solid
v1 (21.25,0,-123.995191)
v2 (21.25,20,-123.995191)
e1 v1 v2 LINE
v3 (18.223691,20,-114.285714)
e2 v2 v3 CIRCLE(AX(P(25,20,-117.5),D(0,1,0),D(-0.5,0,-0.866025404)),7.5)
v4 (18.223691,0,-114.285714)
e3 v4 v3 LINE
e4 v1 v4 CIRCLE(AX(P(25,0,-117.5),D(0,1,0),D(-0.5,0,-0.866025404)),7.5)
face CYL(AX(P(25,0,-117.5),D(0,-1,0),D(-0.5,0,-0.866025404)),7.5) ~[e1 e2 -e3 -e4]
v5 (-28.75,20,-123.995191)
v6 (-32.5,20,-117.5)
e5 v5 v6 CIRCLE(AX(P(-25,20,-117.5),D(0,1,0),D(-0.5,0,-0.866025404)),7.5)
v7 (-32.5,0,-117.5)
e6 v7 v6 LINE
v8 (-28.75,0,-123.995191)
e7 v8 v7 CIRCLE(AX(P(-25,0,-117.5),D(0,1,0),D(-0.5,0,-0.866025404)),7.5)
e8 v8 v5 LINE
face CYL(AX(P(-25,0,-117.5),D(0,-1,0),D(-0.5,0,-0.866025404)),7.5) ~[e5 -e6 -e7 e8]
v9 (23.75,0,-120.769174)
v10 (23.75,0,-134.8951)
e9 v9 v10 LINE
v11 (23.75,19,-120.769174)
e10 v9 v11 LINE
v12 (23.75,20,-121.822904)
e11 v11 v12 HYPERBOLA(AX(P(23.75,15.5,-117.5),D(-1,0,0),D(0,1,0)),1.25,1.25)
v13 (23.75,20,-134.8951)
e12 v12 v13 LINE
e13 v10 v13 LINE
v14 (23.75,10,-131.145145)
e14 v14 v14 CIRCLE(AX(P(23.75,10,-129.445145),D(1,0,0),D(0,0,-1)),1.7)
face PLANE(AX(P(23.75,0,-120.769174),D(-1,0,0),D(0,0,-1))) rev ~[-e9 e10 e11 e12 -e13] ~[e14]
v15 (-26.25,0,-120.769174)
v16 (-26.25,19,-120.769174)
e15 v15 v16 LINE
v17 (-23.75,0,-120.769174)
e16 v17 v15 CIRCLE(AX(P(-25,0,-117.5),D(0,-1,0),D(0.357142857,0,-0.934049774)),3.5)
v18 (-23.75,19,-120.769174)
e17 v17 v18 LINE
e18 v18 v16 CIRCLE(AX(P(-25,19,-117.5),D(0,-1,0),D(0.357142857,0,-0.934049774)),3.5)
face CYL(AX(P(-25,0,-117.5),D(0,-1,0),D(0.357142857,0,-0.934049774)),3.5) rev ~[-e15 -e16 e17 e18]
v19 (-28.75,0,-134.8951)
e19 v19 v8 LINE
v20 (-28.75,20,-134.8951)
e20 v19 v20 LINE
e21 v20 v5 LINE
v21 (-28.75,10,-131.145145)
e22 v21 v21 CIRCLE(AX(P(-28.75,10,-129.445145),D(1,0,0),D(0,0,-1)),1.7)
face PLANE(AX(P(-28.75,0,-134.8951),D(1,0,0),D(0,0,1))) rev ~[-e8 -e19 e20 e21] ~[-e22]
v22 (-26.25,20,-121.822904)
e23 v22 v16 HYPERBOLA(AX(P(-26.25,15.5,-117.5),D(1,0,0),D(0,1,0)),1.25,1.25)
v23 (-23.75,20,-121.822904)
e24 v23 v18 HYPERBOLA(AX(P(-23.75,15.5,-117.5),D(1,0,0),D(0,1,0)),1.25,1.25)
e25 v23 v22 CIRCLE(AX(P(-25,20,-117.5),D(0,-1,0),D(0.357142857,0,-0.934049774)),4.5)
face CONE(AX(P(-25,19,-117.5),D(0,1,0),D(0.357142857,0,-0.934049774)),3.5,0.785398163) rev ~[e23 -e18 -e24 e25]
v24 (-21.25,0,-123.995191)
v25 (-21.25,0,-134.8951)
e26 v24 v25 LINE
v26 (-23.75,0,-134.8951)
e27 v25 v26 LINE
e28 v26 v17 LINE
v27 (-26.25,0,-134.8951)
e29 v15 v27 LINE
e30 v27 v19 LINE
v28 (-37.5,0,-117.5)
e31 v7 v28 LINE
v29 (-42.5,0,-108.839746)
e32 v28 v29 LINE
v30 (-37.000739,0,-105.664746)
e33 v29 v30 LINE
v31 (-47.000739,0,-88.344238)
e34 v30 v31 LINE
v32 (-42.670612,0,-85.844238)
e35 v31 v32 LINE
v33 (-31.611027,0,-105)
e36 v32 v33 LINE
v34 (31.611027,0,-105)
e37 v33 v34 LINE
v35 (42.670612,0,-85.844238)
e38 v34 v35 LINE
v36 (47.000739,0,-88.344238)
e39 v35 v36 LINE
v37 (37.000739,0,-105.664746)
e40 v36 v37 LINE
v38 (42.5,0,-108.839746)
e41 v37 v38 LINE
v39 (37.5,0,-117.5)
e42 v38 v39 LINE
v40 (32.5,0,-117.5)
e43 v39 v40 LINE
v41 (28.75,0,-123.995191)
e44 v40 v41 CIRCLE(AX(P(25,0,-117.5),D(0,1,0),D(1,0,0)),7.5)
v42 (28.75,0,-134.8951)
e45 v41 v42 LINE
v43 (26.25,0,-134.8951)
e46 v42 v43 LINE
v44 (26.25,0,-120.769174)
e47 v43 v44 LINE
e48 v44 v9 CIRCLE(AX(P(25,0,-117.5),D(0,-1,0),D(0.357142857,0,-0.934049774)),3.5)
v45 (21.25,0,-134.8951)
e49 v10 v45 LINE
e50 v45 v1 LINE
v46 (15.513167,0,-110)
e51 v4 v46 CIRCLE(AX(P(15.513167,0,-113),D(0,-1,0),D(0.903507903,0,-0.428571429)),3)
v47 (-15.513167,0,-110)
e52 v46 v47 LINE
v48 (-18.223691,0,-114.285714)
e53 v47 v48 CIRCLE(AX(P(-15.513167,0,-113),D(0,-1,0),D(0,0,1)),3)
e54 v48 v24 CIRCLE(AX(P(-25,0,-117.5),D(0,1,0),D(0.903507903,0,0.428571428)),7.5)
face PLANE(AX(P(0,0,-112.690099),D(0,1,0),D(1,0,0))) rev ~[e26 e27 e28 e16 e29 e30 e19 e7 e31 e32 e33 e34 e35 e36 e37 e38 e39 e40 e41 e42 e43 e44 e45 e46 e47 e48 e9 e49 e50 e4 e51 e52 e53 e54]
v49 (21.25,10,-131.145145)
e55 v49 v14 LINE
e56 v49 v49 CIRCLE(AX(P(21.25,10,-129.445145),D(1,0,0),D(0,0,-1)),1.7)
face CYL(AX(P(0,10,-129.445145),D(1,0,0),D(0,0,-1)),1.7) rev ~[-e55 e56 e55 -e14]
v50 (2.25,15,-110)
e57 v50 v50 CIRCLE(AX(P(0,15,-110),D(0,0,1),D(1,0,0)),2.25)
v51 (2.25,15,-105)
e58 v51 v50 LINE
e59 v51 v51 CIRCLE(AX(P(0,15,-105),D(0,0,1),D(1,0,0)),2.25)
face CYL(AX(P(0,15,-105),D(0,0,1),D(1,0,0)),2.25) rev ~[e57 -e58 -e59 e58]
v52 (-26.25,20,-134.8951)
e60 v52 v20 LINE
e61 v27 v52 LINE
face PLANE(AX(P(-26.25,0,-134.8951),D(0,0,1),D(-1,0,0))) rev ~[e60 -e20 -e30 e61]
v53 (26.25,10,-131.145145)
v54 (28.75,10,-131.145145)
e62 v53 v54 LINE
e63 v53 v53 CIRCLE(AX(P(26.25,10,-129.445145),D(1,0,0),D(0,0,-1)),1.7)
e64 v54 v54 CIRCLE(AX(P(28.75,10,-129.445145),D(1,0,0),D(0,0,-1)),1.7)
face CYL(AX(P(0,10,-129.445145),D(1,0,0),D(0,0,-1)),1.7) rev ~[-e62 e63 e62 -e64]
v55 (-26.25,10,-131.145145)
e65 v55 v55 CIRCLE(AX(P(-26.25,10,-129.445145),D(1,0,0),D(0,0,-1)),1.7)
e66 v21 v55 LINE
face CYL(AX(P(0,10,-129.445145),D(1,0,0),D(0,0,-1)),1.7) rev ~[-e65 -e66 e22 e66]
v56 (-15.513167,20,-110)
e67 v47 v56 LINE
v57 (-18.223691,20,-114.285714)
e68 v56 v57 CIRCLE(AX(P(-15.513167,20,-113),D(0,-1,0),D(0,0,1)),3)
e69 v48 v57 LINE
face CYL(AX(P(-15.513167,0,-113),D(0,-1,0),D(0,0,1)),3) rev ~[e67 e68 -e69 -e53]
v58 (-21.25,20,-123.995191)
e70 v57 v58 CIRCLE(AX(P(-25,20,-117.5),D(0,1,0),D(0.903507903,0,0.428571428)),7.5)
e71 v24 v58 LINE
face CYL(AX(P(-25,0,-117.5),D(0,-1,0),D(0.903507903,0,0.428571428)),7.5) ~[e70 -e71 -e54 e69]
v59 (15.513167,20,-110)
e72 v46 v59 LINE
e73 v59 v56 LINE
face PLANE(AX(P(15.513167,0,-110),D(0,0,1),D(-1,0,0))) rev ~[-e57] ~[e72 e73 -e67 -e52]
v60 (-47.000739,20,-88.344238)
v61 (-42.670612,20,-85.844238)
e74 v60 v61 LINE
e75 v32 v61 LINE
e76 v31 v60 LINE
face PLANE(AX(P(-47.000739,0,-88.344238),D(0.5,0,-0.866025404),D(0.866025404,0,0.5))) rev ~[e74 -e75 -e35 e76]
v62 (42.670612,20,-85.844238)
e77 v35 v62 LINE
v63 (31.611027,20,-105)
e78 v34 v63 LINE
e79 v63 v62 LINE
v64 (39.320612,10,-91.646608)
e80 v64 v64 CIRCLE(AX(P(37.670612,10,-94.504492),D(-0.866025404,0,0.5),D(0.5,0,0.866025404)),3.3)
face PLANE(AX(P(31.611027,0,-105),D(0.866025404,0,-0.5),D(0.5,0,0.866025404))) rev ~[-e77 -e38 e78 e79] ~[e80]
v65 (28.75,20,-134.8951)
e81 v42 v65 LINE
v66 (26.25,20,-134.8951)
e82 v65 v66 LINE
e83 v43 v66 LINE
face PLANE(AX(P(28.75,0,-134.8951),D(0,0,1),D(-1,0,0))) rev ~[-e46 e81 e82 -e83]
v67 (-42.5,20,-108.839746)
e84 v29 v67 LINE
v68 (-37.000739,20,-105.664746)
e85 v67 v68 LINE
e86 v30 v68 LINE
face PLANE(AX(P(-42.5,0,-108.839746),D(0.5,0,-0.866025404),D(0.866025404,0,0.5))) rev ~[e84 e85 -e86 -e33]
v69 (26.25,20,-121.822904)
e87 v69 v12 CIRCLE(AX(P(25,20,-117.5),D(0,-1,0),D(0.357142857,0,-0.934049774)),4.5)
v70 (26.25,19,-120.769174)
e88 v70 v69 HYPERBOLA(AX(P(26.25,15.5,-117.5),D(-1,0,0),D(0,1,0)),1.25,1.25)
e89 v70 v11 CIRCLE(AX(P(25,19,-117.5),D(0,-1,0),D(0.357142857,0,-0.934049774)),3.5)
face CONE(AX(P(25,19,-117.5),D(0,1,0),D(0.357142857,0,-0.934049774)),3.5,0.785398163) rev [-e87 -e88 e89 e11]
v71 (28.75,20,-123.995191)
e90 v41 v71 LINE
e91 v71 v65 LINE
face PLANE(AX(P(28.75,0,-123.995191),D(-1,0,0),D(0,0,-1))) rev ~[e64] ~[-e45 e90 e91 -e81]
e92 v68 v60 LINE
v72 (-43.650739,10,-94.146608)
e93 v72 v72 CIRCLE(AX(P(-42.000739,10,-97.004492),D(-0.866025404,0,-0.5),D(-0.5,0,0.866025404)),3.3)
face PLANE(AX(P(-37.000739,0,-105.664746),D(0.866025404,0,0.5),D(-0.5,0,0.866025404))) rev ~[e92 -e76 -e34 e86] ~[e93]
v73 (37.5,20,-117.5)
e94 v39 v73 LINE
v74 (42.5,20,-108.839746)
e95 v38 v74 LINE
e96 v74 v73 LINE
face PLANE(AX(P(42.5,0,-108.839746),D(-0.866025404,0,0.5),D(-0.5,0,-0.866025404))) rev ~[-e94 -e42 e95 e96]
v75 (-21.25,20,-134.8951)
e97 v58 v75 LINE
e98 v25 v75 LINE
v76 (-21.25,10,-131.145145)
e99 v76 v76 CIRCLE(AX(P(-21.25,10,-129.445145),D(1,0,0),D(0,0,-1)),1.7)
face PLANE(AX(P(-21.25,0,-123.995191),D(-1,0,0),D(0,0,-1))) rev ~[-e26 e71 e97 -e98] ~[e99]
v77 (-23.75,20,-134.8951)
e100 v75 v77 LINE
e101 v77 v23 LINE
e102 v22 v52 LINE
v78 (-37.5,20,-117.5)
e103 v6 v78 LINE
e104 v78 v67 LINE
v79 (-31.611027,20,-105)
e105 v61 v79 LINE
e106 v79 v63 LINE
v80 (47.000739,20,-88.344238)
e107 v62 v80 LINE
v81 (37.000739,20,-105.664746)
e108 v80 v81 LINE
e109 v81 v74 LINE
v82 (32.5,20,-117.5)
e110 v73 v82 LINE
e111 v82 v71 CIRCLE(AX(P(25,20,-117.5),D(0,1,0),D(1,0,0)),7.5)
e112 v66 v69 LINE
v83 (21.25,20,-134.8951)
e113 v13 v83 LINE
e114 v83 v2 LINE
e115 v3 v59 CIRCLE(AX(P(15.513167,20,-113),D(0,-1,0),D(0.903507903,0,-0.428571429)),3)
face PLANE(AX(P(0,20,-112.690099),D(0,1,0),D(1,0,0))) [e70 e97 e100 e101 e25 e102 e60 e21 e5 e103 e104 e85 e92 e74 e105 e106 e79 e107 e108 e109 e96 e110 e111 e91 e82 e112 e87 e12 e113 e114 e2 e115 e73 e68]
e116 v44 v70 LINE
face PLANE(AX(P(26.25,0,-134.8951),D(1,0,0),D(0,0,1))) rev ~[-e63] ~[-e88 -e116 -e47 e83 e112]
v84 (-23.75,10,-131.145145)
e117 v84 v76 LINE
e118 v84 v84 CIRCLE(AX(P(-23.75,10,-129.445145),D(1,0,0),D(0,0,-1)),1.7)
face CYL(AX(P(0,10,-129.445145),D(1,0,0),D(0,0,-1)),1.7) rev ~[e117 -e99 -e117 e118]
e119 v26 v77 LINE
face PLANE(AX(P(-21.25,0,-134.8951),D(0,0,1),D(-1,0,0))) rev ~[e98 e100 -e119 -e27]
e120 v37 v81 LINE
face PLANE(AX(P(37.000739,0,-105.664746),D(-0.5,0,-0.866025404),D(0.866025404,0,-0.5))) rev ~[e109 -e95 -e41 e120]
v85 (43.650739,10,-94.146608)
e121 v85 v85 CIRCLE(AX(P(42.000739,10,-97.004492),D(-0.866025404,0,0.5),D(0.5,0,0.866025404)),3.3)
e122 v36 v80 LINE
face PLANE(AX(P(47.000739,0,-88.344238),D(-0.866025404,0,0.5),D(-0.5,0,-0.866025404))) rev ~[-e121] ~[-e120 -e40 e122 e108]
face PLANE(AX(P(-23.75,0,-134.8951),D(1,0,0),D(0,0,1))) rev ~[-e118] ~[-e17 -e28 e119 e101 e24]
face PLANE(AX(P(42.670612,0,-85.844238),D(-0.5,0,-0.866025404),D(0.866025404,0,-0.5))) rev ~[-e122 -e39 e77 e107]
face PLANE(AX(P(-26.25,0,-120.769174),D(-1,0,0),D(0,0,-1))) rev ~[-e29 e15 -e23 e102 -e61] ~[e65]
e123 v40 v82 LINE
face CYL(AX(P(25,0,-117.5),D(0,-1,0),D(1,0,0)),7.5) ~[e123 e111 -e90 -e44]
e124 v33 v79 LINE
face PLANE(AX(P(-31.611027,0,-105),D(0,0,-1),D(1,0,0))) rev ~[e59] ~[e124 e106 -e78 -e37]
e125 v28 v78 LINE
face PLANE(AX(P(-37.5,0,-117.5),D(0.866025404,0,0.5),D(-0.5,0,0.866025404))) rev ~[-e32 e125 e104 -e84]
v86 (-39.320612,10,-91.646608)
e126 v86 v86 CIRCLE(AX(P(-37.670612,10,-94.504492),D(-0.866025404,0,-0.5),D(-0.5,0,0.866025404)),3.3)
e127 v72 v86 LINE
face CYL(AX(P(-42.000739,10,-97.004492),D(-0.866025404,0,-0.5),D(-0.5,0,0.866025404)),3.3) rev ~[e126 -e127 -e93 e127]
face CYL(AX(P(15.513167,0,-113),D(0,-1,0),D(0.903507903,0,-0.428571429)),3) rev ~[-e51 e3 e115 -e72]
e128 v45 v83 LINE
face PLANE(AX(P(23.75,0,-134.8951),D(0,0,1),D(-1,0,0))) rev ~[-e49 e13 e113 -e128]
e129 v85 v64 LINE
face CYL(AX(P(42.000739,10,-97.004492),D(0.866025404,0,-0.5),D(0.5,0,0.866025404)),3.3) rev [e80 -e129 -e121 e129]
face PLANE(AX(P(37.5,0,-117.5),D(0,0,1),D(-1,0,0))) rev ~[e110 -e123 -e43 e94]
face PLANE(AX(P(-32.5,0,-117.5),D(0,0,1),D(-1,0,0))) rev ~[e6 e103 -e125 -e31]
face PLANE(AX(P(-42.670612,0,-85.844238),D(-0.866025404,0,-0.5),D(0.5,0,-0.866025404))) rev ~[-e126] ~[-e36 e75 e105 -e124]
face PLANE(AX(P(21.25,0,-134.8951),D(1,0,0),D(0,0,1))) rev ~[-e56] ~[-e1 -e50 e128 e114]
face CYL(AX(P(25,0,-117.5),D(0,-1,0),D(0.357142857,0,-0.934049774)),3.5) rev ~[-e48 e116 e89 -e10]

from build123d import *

# Parameters (mm, degrees)
BOSS_EXTRUDE1_DEPTH = 20
SKETCH2_R           = 1.7
CUT_EXTRUDE1_DEPTH  = 28.75
CUT_EXTRUDE2_REACH  = 61.184
SKETCH4_R           = 2.25
CHAMFER1_SIZE       = 1
CUT_EXTRUDE3_REACH  = 155.199
SKETCH5_R           = 3.3


with BuildPart() as part:
    # Sketch1 → Boss-Extrude1 (new body)
    with BuildSketch(Plane(origin=(0, 0, 0), x_dir=(1, 0, 0), z_dir=(0, 1, 0))):
        with BuildLine():
            Line((23.75, 120.769174208), (23.75, 134.895099729))
            Line((23.75, 134.895099729), (21.25, 134.895099729))
            Line((21.25, 134.895099729), (21.25, 123.995190528))
            ThreePointArc((21.25, 123.995190528), (17.839743095, 119.73175291), (18.223690728, 114.285714286))
            ThreePointArc((18.223690728, 114.285714286), (18.048629784, 111.396432549), (15.513167019, 110))
            Line((15.513167019, 110), (-15.513167019, 110))
            ThreePointArc((-15.513167019, 110), (-18.048629784, 111.396432549), (-18.223690728, 114.285714286))
            ThreePointArc((-18.223690728, 114.285714286), (-17.839743095, 119.73175291), (-21.25, 123.995190528))
            Line((-21.25, 123.995190528), (-21.25, 134.895099729))
            Line((-21.25, 134.895099729), (-23.75, 134.895099729))
            Line((-23.75, 134.895099729), (-23.75, 120.769174208))
            ThreePointArc((-23.75, 120.769174208), (-25, 114), (-26.25, 120.769174208))
            Line((-26.25, 120.769174208), (-26.25, 134.895099729))
            Line((-26.25, 134.895099729), (-28.75, 134.895099729))
            Line((-28.75, 134.895099729), (-28.75, 123.995190528))
            ThreePointArc((-28.75, 123.995190528), (-31.495190528, 121.25), (-32.5, 117.5))
            Line((-32.5, 117.5), (-37.5, 117.5))
            Line((-37.5, 117.5), (-42.5, 108.839745962))
            Line((-42.5, 108.839745962), (-37.000738686, 105.664745962))
            Line((-37.000738686, 105.664745962), (-47.000738686, 88.344237886))
            Line((-47.000738686, 88.344237886), (-42.670611667, 85.844237886))
            Line((-42.670611667, 85.844237886), (-31.611027254, 105))
            Line((-31.611027254, 105), (31.611027254, 105))
            Line((31.611027254, 105), (42.670611667, 85.844237886))
            Line((42.670611667, 85.844237886), (47.000738686, 88.344237886))
            Line((47.000738686, 88.344237886), (37.000738686, 105.664745962))
            Line((37.000738686, 105.664745962), (42.5, 108.839745962))
            Line((42.5, 108.839745962), (37.5, 117.5))
            Line((37.5, 117.5), (32.5, 117.5))
            ThreePointArc((32.5, 117.5), (31.495190528, 121.25), (28.75, 123.995190528))
            Line((28.75, 123.995190528), (28.75, 134.895099729))
            Line((28.75, 134.895099729), (26.25, 134.895099729))
            Line((26.25, 134.895099729), (26.25, 120.769174208))
            ThreePointArc((26.25, 120.769174208), (25, 114), (23.75, 120.769174208))
        make_face()
    extrude(amount=BOSS_EXTRUDE1_DEPTH)

    # Sketch2 → Cut-Extrude1 (cut, symmetric)
    with BuildSketch(Plane(origin=(0, 0, 0), x_dir=(0, 0, -1), z_dir=(1, 0, 0))):
        with Locations((129.445145129, 10)):
            Circle(SKETCH2_R)
    extrude(amount=CUT_EXTRUDE1_DEPTH, both=True, mode=Mode.SUBTRACT)

    # Sketch4 → Cut-Extrude2 (cut, up to next)
    with BuildSketch(Plane.XY.offset(-105), mode=Mode.PRIVATE) as cut_extrude2_sk1:
        with Locations((0, 15)):
            Circle(SKETCH4_R)
    cut_extrude2_tool1 = extrude(cut_extrude2_sk1.sketch, amount=-CUT_EXTRUDE2_REACH, mode=Mode.PRIVATE) & part.part
    add(cut_extrude2_tool1.solids().sort_by_distance((0, 15, -105))[0], mode=Mode.SUBTRACT)

    # Chamfer1
    chamfer1_edges = [part.edges().sort_by_distance(p)[0] for p in [
        (25, 20, -114),
        (-25, 20, -114),
    ]]
    chamfer(chamfer1_edges, length=CHAMFER1_SIZE)

    # Sketch5 → Cut-Extrude3 (cut, up to next)
    with BuildSketch(Plane(origin=(-73.504731158, 0, -42.437976321), x_dir=(-0.49999999999998673, 0, 0.8660254037844464), z_dir=(-0.8660254037844464, 0, -0.49999999999998673)), mode=Mode.PRIVATE) as cut_extrude3_sk1:
        with Locations((-63.007984945, 10)):
            Circle(SKETCH5_R)
    cut_extrude3_tool1 = extrude(cut_extrude3_sk1.sketch, amount=-CUT_EXTRUDE3_REACH, mode=Mode.PRIVATE) & part.part
    cut_extrude3 = cut_extrude3_tool1.solids().sort_by_distance((-42.000739, 10, -97.004492))[0]
    add(cut_extrude3, mode=Mode.SUBTRACT)

    # Mirror1: Cut-Extrude3 across plane
    add(cut_extrude3.mirror(Plane(origin=(0, 0, 0), x_dir=(0, 0, 1), z_dir=(1, 0, 0))), mode=Mode.SUBTRACT)


solid = part.part
